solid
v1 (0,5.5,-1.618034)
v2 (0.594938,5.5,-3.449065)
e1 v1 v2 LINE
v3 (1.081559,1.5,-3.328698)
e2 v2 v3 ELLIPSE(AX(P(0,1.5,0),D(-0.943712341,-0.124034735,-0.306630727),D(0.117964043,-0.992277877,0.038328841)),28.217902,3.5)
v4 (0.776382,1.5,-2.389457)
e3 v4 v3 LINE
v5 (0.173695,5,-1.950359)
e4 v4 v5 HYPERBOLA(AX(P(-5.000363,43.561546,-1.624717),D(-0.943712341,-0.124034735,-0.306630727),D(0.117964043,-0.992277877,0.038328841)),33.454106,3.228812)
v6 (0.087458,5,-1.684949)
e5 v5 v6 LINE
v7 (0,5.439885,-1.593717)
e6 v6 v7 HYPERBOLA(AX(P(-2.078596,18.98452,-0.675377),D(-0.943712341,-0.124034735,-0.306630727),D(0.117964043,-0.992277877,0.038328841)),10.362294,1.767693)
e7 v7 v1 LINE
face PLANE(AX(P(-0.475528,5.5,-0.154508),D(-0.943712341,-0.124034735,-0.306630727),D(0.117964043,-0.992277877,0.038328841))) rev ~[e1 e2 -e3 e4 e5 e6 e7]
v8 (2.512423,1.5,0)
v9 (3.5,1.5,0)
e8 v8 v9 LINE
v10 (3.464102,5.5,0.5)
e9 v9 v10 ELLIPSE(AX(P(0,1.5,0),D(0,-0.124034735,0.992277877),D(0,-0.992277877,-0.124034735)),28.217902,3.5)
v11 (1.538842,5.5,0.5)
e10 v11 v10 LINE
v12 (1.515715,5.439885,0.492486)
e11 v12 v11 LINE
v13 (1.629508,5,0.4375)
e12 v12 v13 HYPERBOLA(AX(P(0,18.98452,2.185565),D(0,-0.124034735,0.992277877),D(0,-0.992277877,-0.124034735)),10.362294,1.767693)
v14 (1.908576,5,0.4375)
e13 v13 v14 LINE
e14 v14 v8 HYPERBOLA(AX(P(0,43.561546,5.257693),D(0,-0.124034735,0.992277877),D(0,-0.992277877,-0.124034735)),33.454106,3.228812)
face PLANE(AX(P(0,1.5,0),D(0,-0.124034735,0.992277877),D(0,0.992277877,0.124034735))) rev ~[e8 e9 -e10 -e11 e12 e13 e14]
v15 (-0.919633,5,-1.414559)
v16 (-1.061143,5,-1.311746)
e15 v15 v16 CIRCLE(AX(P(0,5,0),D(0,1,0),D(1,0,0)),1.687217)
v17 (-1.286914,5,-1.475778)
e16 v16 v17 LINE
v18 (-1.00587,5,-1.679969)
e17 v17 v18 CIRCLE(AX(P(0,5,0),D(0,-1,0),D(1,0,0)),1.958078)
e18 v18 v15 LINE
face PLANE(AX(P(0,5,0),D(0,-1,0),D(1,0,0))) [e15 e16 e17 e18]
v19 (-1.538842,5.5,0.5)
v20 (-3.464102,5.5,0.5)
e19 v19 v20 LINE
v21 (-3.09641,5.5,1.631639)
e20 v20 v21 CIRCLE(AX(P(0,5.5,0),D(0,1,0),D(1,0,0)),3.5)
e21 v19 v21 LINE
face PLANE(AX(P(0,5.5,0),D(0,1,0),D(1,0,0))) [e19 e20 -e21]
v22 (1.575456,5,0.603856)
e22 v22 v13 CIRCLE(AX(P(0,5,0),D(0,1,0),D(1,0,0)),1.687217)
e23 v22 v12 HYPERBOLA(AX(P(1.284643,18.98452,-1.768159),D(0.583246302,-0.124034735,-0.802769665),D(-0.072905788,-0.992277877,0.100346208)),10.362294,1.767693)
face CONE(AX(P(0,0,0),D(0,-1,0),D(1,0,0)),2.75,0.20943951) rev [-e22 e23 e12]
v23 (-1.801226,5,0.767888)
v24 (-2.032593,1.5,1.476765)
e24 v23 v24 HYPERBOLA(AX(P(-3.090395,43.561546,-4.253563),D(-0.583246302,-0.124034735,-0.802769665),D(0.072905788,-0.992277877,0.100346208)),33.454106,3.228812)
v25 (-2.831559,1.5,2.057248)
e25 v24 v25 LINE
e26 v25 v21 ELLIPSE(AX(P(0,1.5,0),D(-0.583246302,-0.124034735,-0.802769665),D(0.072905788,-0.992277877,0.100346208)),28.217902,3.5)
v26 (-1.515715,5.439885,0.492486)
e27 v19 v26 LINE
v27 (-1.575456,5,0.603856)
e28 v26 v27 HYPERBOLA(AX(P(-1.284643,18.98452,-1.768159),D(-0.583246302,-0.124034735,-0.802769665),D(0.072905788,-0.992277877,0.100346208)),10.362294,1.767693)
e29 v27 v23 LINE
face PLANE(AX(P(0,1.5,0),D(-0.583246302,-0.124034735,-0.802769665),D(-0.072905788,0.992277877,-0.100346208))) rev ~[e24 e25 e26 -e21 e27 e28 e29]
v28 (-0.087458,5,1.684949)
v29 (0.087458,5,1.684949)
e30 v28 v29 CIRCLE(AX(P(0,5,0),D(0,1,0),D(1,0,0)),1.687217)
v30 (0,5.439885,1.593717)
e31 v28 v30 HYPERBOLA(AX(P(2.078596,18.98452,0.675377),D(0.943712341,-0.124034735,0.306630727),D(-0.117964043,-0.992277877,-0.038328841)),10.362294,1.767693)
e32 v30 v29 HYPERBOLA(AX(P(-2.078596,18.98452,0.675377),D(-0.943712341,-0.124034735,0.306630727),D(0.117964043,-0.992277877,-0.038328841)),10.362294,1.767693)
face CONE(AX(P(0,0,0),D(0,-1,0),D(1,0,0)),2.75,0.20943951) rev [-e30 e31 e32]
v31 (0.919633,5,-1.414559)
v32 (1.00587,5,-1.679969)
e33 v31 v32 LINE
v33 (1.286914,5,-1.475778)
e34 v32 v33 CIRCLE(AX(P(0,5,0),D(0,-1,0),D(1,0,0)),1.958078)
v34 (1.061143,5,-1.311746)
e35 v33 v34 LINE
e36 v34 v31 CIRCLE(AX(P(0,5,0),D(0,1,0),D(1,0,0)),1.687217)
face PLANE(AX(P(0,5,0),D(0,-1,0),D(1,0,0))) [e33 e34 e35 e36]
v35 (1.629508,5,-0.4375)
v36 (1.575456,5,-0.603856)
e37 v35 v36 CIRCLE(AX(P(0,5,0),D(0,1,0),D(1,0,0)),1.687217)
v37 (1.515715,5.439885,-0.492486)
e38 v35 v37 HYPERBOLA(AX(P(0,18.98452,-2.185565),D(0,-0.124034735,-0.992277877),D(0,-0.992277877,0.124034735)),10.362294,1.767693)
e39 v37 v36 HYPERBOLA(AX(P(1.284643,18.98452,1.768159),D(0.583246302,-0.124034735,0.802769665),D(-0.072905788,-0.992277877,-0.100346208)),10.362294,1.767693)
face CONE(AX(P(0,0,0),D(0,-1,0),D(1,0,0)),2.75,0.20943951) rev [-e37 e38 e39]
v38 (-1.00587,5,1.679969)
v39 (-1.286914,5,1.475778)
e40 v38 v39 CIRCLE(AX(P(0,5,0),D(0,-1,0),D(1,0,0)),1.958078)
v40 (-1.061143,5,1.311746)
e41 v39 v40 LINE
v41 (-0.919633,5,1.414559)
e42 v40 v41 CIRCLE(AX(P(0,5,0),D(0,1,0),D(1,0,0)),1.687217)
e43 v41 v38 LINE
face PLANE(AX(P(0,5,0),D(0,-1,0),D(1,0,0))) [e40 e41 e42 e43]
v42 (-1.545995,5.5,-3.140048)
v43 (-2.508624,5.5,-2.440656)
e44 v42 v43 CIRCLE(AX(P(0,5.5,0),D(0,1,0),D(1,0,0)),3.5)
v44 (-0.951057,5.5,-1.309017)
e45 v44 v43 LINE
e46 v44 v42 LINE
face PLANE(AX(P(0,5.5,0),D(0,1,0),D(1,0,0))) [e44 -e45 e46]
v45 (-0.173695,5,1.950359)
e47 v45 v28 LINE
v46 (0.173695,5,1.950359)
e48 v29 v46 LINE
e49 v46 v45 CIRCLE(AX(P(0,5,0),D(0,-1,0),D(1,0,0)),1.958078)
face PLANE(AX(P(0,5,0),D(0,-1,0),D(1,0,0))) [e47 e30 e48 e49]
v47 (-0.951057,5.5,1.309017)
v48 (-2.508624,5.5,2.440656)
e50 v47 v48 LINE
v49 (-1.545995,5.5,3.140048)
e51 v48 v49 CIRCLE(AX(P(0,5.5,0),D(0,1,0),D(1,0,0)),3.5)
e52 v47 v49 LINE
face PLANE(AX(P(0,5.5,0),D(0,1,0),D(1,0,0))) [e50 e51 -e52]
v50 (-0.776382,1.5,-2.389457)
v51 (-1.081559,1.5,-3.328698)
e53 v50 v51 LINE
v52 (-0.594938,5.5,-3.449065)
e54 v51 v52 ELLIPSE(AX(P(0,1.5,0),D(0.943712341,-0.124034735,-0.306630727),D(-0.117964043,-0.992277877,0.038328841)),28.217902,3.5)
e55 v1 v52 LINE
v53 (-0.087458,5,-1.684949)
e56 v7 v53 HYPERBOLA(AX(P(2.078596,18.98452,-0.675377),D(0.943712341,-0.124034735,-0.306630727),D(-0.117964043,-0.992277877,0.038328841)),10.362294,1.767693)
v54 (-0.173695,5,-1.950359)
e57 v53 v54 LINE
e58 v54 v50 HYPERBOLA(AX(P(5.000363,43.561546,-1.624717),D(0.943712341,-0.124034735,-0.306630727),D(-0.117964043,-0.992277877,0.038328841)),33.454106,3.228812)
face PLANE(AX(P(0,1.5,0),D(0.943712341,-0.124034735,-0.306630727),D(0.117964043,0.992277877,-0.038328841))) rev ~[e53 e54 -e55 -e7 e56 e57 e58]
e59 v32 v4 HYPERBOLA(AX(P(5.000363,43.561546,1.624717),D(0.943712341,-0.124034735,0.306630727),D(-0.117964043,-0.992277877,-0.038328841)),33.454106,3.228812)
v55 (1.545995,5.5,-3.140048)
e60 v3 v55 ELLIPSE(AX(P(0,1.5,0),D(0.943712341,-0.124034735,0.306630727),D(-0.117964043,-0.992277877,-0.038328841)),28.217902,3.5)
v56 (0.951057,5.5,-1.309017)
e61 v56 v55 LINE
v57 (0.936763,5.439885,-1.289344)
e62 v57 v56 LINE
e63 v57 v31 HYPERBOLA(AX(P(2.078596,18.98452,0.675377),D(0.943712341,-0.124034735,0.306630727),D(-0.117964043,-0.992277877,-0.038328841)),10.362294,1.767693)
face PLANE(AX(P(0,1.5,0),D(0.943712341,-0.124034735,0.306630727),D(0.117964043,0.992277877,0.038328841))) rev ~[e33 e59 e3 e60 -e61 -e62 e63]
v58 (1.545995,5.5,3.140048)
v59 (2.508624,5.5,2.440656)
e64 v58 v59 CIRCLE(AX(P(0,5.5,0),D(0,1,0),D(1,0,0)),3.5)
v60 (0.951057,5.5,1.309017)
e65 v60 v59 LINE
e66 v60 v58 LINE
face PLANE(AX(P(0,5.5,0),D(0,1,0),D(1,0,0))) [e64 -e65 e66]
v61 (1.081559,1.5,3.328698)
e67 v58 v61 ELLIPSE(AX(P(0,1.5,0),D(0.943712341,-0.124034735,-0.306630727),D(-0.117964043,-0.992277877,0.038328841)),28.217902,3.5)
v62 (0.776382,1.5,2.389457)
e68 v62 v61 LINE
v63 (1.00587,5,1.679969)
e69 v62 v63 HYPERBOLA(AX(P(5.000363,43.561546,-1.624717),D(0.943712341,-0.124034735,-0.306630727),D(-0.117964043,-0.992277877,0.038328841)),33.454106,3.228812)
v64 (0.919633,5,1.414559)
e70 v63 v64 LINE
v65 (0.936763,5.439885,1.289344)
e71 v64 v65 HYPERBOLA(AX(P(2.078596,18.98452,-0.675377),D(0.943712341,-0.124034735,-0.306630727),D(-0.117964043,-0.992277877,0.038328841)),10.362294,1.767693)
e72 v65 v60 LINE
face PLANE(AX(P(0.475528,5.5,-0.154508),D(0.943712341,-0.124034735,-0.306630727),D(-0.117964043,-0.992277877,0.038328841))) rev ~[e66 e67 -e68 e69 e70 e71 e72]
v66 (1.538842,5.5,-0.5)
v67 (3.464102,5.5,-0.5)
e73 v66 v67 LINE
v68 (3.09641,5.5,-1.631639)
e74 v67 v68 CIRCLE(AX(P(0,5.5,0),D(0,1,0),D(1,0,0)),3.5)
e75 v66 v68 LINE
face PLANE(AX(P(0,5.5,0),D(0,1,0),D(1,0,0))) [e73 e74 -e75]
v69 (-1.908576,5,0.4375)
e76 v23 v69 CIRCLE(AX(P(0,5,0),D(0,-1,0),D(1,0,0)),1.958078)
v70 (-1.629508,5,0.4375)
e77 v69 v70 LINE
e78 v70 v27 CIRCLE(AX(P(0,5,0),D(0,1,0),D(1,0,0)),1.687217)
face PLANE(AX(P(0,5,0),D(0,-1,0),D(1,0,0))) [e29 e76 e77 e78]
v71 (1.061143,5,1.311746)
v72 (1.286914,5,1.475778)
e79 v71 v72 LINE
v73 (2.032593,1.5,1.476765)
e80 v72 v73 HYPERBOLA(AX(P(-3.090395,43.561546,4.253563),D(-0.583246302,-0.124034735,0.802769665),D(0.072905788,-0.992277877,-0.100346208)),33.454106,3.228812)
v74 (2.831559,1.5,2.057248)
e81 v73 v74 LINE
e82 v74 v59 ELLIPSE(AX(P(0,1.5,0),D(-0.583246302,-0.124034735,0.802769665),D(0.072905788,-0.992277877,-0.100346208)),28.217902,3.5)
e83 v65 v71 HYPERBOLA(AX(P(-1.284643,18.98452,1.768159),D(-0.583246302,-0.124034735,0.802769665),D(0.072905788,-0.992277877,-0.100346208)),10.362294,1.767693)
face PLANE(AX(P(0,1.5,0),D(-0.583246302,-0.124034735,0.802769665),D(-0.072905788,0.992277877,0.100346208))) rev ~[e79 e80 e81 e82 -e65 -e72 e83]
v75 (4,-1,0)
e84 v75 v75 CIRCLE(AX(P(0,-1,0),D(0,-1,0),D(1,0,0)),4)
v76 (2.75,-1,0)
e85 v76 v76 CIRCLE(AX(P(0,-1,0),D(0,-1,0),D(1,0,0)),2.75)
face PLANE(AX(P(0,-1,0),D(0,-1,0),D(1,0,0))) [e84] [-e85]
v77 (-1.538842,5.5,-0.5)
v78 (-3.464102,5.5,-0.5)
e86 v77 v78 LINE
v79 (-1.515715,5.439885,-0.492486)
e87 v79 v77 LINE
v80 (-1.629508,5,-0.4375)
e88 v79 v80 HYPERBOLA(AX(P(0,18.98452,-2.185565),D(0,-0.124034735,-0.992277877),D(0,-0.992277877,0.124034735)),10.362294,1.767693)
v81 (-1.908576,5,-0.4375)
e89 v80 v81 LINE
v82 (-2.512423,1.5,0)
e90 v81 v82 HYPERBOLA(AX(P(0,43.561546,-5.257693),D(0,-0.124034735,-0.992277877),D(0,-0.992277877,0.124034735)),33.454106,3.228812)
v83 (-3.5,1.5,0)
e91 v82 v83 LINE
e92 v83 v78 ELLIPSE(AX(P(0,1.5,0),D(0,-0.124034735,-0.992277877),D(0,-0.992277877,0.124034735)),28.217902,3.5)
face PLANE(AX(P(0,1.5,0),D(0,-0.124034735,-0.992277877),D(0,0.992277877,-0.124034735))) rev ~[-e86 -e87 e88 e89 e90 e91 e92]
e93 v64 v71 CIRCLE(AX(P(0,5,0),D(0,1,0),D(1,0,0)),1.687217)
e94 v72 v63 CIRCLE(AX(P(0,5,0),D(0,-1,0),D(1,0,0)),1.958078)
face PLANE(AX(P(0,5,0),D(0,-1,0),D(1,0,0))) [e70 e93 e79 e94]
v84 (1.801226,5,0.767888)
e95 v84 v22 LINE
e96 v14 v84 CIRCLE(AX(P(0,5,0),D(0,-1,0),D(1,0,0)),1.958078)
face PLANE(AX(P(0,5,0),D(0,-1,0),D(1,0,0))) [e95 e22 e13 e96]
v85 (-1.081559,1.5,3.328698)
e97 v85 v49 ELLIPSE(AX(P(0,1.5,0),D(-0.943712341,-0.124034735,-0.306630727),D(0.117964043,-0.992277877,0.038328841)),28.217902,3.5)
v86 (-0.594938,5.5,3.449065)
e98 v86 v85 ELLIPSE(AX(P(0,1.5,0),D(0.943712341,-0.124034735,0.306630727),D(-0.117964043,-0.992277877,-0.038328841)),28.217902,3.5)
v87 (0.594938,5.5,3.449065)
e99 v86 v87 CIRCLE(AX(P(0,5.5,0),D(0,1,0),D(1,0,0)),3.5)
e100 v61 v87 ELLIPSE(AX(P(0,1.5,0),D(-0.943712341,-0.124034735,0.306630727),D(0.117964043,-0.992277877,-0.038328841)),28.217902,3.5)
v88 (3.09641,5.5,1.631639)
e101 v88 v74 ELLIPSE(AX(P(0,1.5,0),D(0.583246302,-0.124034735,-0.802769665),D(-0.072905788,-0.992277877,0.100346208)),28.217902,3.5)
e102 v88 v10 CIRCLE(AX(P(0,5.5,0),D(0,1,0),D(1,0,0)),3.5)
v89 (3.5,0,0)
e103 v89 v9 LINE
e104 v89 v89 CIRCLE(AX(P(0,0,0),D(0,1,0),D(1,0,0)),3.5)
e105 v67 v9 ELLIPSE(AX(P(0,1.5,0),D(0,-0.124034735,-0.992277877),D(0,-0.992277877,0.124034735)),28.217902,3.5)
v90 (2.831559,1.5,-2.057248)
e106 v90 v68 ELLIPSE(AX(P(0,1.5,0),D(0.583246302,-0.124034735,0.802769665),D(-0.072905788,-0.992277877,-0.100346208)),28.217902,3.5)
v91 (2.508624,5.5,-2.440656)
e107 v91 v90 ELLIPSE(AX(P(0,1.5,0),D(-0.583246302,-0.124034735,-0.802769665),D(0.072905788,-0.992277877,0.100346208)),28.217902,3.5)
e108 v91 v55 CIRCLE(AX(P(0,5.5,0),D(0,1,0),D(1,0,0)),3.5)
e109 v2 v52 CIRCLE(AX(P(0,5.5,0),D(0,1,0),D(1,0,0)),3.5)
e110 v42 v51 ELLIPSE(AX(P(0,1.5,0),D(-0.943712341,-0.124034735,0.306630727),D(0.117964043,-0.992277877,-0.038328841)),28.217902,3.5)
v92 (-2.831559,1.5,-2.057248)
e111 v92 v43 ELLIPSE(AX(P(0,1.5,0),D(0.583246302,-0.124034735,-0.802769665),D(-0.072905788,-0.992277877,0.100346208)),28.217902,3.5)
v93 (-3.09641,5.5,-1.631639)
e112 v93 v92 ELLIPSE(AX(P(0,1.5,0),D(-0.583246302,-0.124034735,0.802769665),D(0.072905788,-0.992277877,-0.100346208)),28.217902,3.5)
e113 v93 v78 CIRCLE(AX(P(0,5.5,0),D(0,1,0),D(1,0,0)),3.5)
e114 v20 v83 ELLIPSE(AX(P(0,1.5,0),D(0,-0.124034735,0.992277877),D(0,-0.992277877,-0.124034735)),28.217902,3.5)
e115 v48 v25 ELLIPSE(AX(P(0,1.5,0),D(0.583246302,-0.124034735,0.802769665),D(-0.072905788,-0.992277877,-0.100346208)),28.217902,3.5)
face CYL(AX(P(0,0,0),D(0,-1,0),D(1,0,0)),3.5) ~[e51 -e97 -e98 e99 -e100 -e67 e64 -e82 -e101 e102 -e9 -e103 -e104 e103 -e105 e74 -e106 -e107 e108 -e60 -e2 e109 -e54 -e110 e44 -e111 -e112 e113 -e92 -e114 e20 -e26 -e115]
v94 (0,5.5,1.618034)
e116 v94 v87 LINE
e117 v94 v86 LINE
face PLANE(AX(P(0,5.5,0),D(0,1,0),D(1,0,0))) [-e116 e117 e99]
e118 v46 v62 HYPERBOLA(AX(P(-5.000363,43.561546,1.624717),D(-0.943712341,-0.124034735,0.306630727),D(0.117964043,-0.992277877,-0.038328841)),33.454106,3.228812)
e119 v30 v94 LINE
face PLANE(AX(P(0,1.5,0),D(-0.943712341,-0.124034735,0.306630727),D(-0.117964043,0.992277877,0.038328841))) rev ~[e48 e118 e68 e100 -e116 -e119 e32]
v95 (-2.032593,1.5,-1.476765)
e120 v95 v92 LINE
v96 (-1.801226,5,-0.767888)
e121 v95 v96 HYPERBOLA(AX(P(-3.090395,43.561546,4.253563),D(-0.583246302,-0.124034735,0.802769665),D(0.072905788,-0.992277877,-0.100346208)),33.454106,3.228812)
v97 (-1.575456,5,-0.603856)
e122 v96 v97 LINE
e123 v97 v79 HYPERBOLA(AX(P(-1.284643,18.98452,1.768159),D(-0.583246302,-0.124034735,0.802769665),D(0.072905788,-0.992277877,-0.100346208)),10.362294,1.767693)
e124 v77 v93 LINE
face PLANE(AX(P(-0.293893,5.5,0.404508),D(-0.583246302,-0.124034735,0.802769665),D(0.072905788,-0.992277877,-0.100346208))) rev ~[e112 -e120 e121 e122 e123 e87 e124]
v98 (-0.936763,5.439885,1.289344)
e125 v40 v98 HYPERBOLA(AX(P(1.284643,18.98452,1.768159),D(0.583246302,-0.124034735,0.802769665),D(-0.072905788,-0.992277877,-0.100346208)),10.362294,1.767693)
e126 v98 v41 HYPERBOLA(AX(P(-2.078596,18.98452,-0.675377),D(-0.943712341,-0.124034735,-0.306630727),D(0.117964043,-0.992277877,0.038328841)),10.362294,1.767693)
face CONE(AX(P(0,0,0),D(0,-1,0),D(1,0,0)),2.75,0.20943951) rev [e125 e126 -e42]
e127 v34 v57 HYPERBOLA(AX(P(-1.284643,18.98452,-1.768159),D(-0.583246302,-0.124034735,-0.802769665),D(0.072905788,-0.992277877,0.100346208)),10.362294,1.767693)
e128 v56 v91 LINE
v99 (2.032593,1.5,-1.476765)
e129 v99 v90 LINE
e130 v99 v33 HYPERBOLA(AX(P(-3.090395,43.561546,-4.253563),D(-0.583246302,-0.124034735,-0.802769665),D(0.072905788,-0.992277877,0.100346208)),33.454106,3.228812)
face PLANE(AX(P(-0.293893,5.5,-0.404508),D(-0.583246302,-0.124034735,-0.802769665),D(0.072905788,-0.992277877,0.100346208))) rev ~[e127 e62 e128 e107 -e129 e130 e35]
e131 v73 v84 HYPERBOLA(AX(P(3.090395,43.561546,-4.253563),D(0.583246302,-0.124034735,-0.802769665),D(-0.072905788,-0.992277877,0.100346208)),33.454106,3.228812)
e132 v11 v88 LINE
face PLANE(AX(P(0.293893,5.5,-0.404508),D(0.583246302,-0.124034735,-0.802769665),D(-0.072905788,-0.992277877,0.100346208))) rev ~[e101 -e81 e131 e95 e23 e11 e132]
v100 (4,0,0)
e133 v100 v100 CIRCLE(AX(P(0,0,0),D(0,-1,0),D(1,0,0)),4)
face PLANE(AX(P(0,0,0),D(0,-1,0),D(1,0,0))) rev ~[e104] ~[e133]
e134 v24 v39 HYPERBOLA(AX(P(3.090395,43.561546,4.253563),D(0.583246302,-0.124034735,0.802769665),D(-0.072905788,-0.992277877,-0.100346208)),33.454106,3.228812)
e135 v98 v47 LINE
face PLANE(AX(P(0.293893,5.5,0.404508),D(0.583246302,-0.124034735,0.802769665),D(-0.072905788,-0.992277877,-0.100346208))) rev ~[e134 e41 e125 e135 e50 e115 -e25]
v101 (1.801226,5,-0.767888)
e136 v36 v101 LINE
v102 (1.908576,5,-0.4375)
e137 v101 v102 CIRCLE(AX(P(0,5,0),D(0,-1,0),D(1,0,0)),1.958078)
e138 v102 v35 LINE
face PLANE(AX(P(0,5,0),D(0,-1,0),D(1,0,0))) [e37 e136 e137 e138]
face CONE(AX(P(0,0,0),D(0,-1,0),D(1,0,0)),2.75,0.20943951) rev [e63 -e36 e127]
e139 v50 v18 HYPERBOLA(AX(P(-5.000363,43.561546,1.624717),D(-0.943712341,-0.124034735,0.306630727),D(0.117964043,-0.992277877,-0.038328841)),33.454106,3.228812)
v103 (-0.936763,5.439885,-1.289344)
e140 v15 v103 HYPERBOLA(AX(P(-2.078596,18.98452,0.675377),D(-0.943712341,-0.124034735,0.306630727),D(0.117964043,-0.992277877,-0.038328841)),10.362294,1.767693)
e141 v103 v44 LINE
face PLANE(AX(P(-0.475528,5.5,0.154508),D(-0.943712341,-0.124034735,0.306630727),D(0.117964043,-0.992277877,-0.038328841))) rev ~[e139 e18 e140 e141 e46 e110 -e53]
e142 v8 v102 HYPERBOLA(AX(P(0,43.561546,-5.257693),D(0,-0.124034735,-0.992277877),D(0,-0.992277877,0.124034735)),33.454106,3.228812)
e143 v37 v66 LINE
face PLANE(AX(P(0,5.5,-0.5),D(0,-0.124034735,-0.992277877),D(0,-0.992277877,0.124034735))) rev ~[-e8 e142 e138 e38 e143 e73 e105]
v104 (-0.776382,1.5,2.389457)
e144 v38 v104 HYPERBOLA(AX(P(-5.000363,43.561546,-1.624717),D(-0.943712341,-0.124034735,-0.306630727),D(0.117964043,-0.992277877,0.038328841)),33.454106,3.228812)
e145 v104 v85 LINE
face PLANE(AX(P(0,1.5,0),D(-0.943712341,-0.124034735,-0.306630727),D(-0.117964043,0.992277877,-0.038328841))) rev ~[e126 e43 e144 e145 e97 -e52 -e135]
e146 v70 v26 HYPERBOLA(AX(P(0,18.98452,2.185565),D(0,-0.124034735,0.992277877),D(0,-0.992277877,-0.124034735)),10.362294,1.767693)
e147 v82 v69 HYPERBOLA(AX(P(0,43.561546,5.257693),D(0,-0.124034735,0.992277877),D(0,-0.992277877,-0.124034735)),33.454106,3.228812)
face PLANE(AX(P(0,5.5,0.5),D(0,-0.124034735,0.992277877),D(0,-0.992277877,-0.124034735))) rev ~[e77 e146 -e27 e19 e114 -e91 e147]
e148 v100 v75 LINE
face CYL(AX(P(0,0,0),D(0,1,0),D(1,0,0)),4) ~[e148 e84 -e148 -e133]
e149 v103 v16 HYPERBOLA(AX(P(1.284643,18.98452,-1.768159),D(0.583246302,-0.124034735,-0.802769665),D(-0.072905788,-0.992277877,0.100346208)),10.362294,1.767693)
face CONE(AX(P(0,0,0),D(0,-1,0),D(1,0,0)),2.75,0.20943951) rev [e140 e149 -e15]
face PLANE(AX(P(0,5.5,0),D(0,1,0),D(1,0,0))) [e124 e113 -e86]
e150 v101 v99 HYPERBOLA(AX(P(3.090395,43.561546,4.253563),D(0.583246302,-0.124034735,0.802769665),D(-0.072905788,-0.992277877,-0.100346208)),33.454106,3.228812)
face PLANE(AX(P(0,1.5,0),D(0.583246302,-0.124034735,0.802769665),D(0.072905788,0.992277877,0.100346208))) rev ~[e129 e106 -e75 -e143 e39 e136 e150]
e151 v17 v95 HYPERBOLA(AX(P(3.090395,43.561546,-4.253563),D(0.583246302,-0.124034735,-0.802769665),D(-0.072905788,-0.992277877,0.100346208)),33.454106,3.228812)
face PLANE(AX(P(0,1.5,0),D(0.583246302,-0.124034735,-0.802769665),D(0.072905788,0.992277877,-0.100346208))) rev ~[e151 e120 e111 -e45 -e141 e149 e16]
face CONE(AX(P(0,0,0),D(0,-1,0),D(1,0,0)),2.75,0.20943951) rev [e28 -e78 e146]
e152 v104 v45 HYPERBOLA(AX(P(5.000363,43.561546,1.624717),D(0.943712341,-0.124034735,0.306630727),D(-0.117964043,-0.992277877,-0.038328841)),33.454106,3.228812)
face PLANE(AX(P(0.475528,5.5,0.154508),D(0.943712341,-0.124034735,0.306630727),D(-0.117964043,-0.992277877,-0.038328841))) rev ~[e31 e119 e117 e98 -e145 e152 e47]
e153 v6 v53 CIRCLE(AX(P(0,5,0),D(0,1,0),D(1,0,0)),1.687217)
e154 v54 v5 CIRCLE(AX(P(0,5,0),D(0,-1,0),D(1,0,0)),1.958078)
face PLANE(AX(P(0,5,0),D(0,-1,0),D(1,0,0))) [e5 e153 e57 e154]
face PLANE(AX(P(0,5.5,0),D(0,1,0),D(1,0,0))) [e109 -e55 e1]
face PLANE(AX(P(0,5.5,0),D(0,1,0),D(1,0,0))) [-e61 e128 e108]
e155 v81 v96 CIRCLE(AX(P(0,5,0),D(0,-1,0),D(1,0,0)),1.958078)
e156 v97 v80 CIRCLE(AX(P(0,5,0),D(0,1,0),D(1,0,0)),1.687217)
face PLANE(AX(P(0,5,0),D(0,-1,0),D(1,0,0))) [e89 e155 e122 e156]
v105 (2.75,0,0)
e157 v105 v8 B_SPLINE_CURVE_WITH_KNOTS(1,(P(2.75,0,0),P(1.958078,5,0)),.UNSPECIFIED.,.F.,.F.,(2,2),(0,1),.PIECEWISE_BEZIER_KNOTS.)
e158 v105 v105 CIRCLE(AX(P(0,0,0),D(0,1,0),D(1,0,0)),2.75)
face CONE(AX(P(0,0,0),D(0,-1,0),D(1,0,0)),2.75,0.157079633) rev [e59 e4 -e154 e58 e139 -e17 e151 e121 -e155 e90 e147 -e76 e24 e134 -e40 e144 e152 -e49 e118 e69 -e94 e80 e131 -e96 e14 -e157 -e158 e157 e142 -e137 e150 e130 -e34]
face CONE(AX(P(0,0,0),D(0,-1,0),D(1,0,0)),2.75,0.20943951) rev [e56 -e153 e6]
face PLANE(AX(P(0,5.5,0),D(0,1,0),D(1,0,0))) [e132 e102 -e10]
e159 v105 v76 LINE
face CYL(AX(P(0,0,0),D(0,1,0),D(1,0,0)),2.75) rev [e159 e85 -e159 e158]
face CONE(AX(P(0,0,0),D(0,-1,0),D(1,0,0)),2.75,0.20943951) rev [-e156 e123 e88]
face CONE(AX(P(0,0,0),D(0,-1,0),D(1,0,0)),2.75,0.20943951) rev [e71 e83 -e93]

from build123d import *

# Parameters (mm, degrees)
SKETCH1_R           = 3.5
BOSS_EXTRUDE1_DEPTH = 5.5
SKETCH2_R           = 2.75
CUT_EXTRUDE1_DEPTH  = 5.5
CUT_EXTRUDE1_TAPER  = 12
CUT_EXTRUDE2_DEPTH  = 5.5
CIRPATTERN1_COUNT   = 10
SKETCH4_R           = 2.75
CUT_EXTRUDE3_DEPTH  = 5
CUT_EXTRUDE3_TAPER  = 9
SKETCH5_R           = 4
SKETCH5_R_2         = 3.5
SKETCH5_R_3         = 2.75
BOSS_EXTRUDE2_DEPTH = 1


with BuildPart() as part:
    # Sketch1 → Boss-Extrude1 (new body)
    with BuildSketch(Plane(origin=(0, 0, 0), x_dir=(1, 0, 0), z_dir=(0, 1, 0))):
        Circle(SKETCH1_R)
    extrude(amount=BOSS_EXTRUDE1_DEPTH)

    # Sketch2 → Cut-Extrude1 (cut)
    with BuildSketch(Plane.XZ):
        Circle(SKETCH2_R)
    extrude(amount=-CUT_EXTRUDE1_DEPTH, taper=CUT_EXTRUDE1_TAPER, mode=Mode.SUBTRACT)

    # Sketch3 → Cut-Extrude2 (cut)
    with BuildSketch(Plane(origin=(0, 0, 0), x_dir=(0, 0, -1), z_dir=(1, 0, 0))):
        Polygon((-0.5, 5.5), (-0.35, 4.3), (0, 1.5), (0.35, 4.3), (0.5, 5.5), align=None)
    cut_extrude2 = extrude(amount=-CUT_EXTRUDE2_DEPTH, mode=Mode.SUBTRACT)

    # CirPattern1: Cut-Extrude2 ×10 about axis
    cirpattern1_axis = Axis((0, 5.5, 0), (0, -1, 0))
    for i in range(1, CIRPATTERN1_COUNT):
        add(cut_extrude2.rotate(cirpattern1_axis, i * 360 / CIRPATTERN1_COUNT), mode=Mode.SUBTRACT)

    # Sketch4 → Cut-Extrude3 (cut)
    with BuildSketch(Plane.XZ):
        Circle(SKETCH4_R)
    extrude(amount=-CUT_EXTRUDE3_DEPTH, taper=CUT_EXTRUDE3_TAPER, mode=Mode.SUBTRACT)

    # Sketch5 → Boss-Extrude2 (add)
    with BuildSketch(Plane.XZ):
        Circle(SKETCH5_R)
        Circle(SKETCH5_R_2, mode=Mode.SUBTRACT)
        Circle(SKETCH5_R_2)
        Circle(SKETCH5_R_3, mode=Mode.SUBTRACT)
    extrude(amount=BOSS_EXTRUDE2_DEPTH)


solid = part.part
